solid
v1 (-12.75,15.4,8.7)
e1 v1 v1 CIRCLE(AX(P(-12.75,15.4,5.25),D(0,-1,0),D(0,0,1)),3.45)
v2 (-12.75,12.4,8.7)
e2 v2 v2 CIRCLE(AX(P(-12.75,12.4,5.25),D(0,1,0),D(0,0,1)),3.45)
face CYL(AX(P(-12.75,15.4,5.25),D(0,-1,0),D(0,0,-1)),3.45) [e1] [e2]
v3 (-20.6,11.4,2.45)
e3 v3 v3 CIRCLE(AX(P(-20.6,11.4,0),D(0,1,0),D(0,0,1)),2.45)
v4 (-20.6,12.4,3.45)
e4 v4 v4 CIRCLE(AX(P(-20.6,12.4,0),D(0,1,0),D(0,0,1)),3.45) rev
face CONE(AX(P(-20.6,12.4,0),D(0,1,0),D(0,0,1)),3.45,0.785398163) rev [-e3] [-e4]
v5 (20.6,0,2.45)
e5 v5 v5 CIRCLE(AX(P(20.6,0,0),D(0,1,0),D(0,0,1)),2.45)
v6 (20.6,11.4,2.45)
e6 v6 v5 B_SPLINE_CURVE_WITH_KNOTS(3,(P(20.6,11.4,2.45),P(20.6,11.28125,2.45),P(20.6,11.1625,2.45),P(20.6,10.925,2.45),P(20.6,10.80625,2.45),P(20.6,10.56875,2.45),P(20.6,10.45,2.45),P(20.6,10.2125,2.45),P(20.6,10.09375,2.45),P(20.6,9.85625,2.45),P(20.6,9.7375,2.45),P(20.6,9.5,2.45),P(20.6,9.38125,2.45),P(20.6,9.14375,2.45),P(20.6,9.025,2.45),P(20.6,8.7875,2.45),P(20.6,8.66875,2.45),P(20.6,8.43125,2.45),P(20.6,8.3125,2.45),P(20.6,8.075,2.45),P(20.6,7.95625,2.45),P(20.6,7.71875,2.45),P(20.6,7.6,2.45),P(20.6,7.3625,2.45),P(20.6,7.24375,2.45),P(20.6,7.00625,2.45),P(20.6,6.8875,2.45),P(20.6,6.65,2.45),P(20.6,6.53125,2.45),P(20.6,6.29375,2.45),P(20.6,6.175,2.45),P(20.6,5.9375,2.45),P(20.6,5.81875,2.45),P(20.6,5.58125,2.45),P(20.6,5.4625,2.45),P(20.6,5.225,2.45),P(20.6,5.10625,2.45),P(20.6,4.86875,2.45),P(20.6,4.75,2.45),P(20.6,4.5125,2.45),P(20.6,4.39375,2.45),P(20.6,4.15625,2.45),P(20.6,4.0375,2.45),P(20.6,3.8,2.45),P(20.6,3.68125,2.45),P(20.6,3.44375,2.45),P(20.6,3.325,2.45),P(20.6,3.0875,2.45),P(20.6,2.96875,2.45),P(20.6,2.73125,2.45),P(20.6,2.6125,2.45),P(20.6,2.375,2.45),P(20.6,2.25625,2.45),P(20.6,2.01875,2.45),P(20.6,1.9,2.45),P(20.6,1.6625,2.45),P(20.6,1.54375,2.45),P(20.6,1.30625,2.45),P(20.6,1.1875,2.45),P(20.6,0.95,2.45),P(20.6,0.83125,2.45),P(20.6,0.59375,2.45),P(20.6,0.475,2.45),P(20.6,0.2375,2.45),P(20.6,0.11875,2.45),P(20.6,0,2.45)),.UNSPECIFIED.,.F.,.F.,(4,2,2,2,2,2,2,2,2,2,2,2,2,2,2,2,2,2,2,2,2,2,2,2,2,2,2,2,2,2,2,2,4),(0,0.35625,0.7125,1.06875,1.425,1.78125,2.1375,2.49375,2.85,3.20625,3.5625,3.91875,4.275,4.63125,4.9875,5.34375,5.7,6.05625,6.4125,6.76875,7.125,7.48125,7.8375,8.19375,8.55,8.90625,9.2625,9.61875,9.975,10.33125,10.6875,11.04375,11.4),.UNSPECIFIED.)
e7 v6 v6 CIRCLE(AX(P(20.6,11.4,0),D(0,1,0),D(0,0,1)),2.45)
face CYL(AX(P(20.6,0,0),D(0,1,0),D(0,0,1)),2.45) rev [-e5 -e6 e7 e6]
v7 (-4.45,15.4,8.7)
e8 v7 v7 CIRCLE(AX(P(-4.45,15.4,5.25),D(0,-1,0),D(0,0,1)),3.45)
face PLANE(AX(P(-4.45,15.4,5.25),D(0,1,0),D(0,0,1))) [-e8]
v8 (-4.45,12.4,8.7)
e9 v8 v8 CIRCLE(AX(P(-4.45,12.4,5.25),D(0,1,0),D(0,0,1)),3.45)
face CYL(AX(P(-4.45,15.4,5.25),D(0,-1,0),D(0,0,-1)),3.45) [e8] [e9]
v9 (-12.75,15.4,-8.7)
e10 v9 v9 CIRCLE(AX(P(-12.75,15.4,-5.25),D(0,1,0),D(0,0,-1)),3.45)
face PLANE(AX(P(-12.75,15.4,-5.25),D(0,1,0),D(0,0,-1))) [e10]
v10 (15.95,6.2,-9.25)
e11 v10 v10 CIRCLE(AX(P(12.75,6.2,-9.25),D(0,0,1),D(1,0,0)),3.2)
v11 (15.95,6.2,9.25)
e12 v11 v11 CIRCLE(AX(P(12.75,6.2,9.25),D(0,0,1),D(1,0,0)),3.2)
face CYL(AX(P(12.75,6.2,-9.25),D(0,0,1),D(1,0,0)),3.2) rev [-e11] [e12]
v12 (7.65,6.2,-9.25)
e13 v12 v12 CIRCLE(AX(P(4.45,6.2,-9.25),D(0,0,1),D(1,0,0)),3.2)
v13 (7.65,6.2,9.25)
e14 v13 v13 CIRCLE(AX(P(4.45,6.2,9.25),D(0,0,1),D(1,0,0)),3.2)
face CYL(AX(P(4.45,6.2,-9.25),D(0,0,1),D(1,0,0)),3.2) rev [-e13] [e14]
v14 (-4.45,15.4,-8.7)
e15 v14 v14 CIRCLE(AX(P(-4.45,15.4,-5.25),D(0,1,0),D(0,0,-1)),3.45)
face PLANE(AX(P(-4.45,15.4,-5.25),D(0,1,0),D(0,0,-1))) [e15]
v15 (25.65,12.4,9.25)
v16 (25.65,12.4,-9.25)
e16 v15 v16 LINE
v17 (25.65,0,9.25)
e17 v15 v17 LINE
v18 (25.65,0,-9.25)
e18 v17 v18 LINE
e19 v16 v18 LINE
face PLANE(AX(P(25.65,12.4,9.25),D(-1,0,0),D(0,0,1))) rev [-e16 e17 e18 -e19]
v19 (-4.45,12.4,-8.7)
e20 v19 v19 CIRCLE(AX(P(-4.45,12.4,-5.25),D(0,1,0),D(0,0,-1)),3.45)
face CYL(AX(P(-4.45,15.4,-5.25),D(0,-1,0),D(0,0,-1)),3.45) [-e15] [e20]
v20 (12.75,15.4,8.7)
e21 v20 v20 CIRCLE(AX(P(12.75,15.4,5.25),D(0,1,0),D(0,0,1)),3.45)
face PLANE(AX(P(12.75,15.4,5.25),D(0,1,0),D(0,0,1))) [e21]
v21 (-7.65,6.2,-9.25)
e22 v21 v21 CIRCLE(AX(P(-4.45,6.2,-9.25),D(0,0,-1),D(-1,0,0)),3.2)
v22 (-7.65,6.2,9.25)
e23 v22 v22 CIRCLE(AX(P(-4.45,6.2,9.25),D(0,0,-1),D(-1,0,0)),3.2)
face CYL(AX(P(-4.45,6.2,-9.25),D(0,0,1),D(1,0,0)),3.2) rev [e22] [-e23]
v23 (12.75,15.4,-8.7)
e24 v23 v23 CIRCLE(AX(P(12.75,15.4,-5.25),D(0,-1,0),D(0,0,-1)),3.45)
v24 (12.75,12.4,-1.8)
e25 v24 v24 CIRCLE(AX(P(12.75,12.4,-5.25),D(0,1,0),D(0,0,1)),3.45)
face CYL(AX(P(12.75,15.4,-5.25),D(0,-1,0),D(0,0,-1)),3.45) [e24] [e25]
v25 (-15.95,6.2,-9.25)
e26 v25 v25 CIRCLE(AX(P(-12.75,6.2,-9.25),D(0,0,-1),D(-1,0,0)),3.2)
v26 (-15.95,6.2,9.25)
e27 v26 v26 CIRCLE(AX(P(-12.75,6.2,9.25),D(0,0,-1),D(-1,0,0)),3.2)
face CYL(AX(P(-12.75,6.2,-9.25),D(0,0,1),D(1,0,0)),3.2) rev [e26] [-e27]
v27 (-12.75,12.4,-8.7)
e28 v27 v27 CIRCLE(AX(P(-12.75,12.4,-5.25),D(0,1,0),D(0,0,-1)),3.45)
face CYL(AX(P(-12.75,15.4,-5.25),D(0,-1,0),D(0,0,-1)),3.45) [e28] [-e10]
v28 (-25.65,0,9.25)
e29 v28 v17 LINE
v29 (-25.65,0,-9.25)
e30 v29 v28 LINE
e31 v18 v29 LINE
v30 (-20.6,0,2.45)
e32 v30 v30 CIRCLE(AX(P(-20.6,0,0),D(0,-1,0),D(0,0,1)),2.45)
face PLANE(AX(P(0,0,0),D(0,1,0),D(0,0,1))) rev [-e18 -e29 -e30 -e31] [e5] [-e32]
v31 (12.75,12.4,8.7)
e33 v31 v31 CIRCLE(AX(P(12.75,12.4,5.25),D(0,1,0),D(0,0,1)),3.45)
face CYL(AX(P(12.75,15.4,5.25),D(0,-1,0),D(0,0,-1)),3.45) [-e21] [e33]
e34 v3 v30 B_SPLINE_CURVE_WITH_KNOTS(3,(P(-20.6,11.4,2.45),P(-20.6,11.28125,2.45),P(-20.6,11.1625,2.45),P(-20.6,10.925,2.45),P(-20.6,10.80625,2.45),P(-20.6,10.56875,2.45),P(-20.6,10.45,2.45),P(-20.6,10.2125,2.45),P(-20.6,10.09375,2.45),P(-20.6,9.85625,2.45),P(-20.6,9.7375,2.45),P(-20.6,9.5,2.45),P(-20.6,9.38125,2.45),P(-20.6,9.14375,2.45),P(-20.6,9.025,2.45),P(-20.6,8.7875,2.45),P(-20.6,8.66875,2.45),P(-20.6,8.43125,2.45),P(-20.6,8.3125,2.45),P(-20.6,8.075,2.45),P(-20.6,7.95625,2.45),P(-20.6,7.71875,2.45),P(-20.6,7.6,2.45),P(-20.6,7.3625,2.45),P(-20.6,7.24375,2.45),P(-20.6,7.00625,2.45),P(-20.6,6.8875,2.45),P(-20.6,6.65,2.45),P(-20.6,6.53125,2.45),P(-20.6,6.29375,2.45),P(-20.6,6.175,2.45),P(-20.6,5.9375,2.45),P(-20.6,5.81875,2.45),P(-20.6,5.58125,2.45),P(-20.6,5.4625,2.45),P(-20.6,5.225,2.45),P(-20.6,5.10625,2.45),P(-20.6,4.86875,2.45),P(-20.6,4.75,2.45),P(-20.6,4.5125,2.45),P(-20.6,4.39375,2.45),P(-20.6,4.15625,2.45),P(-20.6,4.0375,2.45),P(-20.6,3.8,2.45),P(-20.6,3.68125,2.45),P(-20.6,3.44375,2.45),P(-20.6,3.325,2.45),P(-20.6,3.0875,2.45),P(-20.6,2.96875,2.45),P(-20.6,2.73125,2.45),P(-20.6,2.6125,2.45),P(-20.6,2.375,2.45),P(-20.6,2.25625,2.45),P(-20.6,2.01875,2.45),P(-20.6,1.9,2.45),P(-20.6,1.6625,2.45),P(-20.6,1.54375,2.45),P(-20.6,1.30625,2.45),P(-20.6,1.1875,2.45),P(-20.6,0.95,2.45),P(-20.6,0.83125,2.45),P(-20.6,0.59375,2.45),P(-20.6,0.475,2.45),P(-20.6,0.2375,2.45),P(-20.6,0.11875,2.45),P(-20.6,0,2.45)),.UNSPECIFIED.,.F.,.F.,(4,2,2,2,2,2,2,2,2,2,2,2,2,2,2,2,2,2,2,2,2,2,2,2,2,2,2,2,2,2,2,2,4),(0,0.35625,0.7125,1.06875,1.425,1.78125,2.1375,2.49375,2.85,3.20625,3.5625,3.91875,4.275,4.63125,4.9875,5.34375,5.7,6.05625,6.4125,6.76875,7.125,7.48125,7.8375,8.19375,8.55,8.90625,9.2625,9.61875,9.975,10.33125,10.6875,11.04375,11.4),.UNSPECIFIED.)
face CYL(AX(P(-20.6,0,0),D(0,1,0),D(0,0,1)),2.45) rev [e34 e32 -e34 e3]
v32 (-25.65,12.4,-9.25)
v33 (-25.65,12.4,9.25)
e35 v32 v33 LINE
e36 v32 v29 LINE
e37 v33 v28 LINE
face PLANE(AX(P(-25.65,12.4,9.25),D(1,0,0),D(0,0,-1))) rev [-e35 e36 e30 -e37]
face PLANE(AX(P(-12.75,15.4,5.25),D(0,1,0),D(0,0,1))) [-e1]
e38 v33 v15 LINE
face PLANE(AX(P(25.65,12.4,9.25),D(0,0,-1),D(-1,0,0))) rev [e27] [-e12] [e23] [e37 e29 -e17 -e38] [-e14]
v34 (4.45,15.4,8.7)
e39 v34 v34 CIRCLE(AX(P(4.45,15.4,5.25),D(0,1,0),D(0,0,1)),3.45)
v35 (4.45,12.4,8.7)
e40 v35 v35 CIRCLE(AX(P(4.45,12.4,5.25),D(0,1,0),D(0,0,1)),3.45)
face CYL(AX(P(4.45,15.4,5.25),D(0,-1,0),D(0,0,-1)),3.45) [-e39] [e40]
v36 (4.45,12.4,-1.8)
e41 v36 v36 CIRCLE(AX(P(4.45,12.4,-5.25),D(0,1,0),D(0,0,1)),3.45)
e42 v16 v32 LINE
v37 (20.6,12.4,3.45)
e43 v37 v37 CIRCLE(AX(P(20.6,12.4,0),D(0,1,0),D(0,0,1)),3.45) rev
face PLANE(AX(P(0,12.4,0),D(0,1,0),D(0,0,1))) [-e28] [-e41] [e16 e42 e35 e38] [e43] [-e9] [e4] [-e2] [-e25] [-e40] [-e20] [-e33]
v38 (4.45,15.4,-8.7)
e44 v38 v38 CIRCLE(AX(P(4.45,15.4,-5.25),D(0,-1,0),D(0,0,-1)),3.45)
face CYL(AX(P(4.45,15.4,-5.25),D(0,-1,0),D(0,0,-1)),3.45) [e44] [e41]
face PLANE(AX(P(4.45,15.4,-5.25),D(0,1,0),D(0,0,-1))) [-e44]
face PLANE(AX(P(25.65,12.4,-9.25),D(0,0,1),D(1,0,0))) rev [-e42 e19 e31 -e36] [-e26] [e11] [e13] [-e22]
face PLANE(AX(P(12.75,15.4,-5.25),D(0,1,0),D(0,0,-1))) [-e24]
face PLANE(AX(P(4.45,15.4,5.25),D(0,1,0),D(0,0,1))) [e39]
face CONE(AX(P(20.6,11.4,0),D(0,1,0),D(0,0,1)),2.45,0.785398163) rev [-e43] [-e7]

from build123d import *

# Parameters (mm, degrees)
SKETCH1_W               = 51.3
SKETCH1_H               = 18.5
BOSS_EXTRUDE1_DEPTH     = 12.4
SKETCH2_R               = 3.2
CUT_EXTRUDE1_DEPTH      = 34.969581982
SKETCH3_R               = 2.45
CUT_EXTRUDE2_DEPTH      = 30.95404814
CHAMFER1_SIZE           = 1
SKETCH4_R               = 3.45
BOSS_EXTRUDE2_DEPTH     = 3
MIRROR3_COPY_1_SKETCH_R = 3.45
MIRROR3_COPY_1_DEPTH    = 3


with BuildPart() as part:
    # Sketch1 → Boss-Extrude1 (new body)
    with BuildSketch(Plane(origin=(0, 0, 0), x_dir=(1, 0, 0), z_dir=(0, 1, 0))):
        Rectangle(SKETCH1_W, SKETCH1_H)
    extrude(amount=BOSS_EXTRUDE1_DEPTH)

    # Sketch2 → Cut-Extrude1 (cut, through all)
    with BuildSketch(Plane.XY.offset(9.25)):
        with Locations((4.45, 6.2)):
            Circle(SKETCH2_R)
        with Locations((12.75, 6.2)):
            Circle(SKETCH2_R)
    cut_extrude1 = extrude(amount=-CUT_EXTRUDE1_DEPTH, mode=Mode.SUBTRACT)

    # Sketch3 → Cut-Extrude2 (cut, through all)
    with BuildSketch(Plane(origin=(0, 12.4, 0), x_dir=(1, 0, 0), z_dir=(0, 1, 0))):
        with Locations(Location((20.6, 0, 0), (0, 0, 270))):
            Circle(SKETCH3_R)
    cut_extrude2 = extrude(amount=-CUT_EXTRUDE2_DEPTH, mode=Mode.SUBTRACT)

    # Mirror1: Cut-Extrude1, Cut-Extrude2 across plane
    add(cut_extrude1.mirror(Plane(origin=(0, 0, 0), x_dir=(0, 0, 1), z_dir=(1, 0, 0))), mode=Mode.SUBTRACT)
    add(cut_extrude2.mirror(Plane(origin=(0, 0, 0), x_dir=(0, 0, 1), z_dir=(1, 0, 0))), mode=Mode.SUBTRACT)

    # Chamfer1
    chamfer1_edges = [part.edges().sort_by_distance(p)[0] for p in [
        (20.6, 12.4, -2.45),
        (-20.6, 12.4, -2.45),
    ]]
    chamfer(chamfer1_edges, length=CHAMFER1_SIZE)

    # Sketch4 → Boss-Extrude2 (add)
    with BuildSketch(Plane(origin=(0, 12.4, 0), x_dir=(1, 0, 0), z_dir=(0, 1, 0))):
        with Locations(Location((4.45, -5.25, 0), (0, 0, 270))):
            Circle(SKETCH4_R)
        with Locations(Location((12.75, -5.25, 0), (0, 0, 270))):
            Circle(SKETCH4_R)
    boss_extrude2 = extrude(amount=BOSS_EXTRUDE2_DEPTH)

    # Mirror2: Boss-Extrude2 across plane
    add(boss_extrude2.mirror(Plane.XY))

    # Mirror3: Boss-Extrude2 across plane
    add(boss_extrude2.mirror(Plane(origin=(0, 0, 0), x_dir=(0, 0, 1), z_dir=(1, 0, 0))))

    # Mirror3 copy 1 sketch → Mirror3 copy 1 (add)
    with BuildSketch(Plane(origin=(0, 12.4, 0), x_dir=(-1, 0, 0), z_dir=(0, 1, 0))):
        with Locations(Location((4.45, -5.25, 0), (0, 0, 270))):
            Circle(MIRROR3_COPY_1_SKETCH_R)
        with Locations(Location((12.75, -5.25, 0), (0, 0, 270))):
            Circle(MIRROR3_COPY_1_SKETCH_R)
    extrude(amount=MIRROR3_COPY_1_DEPTH)


solid = part.part
